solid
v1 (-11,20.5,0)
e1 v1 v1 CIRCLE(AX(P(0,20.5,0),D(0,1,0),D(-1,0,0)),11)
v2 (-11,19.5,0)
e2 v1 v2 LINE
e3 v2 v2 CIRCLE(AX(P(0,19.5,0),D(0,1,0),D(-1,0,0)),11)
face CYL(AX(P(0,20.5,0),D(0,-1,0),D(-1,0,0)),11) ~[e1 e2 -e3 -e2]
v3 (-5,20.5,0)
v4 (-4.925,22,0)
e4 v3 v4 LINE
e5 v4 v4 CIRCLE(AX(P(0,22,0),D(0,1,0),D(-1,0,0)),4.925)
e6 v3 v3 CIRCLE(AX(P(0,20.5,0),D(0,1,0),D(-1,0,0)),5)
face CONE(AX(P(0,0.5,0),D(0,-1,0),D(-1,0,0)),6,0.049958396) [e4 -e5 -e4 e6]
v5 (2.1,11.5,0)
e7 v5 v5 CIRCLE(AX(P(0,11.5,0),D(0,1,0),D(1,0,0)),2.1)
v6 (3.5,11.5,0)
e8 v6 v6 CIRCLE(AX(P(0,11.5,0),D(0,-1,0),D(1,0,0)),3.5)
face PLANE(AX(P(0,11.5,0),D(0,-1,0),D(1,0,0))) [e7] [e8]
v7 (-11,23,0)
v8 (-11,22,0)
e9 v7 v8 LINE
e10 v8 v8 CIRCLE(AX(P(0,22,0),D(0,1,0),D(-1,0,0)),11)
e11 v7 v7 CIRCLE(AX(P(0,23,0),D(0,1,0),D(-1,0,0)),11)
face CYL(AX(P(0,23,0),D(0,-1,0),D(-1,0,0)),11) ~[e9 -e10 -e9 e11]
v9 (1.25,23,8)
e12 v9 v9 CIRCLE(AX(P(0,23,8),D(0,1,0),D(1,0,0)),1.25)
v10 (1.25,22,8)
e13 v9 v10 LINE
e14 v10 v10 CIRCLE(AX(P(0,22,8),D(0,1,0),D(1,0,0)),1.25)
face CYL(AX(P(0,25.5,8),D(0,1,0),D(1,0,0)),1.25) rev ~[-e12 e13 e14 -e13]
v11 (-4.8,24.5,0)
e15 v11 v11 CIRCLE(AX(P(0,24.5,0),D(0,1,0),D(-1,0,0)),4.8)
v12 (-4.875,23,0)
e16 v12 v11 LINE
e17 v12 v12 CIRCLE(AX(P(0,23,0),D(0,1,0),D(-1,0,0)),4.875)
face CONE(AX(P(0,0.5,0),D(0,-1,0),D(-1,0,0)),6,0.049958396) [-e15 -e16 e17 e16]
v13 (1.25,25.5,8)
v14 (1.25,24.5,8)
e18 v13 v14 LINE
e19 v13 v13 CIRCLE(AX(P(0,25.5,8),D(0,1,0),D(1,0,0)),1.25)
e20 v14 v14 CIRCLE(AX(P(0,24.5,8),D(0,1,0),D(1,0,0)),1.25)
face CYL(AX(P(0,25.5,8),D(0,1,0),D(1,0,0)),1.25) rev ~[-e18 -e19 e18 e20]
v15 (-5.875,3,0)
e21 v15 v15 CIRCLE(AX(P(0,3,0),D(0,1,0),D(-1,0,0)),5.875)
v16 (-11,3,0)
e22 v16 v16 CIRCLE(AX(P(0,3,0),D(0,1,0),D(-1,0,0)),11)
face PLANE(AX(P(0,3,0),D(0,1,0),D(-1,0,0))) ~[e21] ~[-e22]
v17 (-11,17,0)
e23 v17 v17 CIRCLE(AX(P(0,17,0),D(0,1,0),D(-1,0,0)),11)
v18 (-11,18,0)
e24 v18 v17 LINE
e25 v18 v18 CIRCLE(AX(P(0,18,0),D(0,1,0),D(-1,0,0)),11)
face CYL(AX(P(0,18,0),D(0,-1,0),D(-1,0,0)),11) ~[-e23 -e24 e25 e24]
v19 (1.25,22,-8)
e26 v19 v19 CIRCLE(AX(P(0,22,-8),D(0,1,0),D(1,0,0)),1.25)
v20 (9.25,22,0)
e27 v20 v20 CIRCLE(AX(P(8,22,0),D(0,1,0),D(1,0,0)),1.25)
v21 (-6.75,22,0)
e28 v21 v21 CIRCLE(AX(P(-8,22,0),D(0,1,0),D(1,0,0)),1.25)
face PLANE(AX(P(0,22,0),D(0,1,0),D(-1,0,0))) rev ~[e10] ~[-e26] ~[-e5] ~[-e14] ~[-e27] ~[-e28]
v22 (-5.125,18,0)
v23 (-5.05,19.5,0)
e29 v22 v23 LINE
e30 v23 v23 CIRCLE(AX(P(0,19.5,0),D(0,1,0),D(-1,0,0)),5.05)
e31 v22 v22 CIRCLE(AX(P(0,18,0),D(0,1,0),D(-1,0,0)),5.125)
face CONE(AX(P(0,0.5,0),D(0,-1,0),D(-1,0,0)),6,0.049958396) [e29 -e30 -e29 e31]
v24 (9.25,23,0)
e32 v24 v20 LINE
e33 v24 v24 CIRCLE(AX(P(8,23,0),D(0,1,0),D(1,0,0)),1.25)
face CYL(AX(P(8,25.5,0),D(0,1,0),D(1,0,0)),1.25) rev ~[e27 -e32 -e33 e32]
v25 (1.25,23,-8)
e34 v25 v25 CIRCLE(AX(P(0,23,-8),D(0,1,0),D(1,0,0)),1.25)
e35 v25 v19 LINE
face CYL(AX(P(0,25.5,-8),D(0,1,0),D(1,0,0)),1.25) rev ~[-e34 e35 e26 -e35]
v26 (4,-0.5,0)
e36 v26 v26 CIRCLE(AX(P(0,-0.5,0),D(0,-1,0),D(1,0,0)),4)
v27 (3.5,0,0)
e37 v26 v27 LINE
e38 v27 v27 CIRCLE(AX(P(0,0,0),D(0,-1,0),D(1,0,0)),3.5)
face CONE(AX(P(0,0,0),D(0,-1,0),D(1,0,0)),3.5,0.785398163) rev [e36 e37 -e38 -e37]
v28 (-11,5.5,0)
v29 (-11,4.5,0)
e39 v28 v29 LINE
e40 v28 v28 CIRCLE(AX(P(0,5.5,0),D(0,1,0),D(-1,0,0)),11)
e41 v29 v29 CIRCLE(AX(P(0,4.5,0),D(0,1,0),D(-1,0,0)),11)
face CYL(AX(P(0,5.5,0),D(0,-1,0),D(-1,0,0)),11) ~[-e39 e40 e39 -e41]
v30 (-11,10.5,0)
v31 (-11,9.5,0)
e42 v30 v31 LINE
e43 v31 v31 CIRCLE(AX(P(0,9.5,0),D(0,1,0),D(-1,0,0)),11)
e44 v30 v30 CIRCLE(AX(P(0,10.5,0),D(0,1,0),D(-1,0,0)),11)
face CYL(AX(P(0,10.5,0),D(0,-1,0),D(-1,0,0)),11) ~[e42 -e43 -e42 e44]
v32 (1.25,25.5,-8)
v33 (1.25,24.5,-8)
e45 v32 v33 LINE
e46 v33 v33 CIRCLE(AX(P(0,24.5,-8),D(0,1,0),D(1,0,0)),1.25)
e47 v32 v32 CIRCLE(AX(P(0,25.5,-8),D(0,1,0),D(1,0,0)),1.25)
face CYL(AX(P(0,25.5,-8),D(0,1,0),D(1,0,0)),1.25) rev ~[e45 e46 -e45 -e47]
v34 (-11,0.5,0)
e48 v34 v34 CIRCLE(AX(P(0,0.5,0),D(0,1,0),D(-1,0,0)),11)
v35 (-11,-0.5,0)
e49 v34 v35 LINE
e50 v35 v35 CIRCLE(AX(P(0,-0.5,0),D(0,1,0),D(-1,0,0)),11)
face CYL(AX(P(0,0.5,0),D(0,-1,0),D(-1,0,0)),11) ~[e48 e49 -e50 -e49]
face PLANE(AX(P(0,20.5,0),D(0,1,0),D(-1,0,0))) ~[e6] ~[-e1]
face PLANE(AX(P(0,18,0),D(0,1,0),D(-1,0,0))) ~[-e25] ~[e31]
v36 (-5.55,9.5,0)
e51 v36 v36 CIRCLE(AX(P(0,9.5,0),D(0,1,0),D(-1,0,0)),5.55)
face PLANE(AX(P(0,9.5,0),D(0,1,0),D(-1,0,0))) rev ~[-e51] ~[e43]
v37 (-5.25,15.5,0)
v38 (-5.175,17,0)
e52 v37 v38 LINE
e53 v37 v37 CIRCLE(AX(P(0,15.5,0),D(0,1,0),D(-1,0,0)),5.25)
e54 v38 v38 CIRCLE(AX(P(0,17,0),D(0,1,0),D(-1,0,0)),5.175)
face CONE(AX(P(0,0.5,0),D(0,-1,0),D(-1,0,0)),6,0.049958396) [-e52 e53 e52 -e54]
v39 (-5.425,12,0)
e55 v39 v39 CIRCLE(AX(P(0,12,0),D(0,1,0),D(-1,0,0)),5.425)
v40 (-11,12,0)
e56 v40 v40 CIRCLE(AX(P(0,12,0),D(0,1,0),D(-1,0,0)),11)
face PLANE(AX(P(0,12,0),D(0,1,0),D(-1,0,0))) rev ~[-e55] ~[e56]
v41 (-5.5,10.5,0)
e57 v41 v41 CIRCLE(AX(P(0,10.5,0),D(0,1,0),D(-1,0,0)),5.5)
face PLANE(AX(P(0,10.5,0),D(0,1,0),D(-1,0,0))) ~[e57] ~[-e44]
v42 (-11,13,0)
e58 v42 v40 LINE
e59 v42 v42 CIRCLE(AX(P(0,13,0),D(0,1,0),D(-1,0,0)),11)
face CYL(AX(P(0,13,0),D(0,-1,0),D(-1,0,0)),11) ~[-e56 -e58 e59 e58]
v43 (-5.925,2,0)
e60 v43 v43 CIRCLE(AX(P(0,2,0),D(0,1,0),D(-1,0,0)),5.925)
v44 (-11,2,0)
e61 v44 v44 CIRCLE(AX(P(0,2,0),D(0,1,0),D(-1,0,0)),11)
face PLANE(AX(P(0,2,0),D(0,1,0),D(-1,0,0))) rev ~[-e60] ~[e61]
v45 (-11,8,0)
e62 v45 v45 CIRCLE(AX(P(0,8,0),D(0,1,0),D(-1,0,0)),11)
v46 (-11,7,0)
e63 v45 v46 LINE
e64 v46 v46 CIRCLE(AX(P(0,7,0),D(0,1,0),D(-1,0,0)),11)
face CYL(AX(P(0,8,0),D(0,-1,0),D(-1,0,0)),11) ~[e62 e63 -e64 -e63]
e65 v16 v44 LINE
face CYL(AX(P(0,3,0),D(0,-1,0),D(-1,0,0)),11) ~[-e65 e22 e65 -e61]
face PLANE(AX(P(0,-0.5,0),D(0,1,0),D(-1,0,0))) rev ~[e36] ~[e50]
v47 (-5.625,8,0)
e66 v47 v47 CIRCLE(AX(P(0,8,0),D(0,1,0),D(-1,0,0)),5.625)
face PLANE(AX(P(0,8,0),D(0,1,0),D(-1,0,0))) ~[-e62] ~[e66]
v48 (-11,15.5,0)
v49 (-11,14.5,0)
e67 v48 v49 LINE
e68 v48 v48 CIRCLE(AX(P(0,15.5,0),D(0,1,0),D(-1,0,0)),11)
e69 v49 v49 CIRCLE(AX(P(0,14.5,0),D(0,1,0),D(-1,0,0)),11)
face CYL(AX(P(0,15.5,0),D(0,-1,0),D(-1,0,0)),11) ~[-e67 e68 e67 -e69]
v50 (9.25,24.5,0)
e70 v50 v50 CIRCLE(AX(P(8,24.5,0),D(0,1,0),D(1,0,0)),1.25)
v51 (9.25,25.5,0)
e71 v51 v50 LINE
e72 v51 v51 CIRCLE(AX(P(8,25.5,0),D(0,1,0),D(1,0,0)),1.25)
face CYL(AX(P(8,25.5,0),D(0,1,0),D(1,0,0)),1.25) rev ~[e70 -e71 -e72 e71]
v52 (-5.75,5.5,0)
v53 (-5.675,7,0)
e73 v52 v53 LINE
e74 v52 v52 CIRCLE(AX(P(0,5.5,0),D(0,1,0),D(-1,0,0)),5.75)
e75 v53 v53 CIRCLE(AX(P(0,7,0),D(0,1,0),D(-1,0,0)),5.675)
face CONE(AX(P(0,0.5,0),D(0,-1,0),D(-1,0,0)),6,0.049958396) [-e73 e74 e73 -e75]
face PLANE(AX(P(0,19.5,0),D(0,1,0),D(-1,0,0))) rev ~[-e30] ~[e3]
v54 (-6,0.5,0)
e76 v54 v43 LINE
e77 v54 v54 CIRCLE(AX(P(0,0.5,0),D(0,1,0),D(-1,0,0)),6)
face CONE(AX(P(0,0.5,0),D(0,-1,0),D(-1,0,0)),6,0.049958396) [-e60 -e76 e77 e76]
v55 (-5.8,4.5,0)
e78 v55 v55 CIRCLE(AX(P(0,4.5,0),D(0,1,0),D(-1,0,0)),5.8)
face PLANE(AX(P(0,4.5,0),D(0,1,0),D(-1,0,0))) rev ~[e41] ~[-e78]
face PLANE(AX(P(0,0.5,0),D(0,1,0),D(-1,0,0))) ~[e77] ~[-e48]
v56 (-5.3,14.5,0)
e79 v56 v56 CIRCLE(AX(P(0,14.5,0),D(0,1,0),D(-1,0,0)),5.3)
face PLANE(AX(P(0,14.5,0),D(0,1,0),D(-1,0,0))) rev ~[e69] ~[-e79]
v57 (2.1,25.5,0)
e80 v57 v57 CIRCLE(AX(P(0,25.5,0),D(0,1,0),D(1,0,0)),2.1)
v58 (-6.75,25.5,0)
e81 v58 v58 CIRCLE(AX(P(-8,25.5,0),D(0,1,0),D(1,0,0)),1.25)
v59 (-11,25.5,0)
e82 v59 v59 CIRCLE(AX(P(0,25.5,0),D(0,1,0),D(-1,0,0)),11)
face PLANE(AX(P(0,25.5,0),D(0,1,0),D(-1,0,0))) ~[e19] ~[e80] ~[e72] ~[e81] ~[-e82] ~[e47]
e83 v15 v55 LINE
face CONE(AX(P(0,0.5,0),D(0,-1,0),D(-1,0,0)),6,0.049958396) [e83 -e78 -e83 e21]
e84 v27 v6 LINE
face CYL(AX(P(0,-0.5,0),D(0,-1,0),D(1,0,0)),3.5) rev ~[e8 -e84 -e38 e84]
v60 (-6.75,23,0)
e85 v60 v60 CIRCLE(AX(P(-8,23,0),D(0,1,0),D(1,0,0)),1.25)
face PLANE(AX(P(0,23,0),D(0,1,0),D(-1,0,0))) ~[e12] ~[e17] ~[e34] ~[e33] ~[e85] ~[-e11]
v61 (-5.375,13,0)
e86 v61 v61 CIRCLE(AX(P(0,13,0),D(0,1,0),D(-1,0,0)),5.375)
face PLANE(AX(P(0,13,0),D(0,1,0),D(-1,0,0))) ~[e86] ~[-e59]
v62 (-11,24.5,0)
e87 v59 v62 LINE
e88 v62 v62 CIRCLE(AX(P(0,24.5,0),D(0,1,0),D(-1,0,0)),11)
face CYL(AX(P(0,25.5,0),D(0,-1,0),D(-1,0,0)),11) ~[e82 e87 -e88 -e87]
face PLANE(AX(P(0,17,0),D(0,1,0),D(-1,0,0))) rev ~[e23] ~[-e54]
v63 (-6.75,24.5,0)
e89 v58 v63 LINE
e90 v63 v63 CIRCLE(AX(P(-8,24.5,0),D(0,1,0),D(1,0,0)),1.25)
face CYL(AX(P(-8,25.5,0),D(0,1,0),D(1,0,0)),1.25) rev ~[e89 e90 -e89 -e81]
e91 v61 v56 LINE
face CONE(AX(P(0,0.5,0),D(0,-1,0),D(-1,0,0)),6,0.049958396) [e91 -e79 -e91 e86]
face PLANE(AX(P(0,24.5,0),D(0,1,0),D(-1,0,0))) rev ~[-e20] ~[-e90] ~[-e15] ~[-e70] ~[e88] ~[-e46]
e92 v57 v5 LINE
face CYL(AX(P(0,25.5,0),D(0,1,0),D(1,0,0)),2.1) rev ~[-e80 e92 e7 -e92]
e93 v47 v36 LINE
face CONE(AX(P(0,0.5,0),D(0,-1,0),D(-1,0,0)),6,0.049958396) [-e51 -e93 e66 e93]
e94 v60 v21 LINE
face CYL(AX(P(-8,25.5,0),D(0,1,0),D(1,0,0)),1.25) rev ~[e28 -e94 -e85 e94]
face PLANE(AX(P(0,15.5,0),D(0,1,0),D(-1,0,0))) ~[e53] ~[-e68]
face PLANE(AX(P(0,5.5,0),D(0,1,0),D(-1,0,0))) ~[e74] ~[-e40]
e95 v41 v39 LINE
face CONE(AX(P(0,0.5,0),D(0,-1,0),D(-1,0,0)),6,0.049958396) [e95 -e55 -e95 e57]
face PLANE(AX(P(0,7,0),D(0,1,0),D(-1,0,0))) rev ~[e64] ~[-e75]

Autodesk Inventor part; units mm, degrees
ref_plane "YZ Plane" through (0, 0, 0) normal (1, 0, 0) x (0, 1, 0)
ref_plane "XZ Plane" through (0, 0, 0) normal (0, 1, 0) x (-1, 0, 0)
ref_plane "XY Plane" through (0, 0, 0) normal (0, 0, 1) x (1, 0, 0)
sketch "Эскиз1" plane through (0, 0, 0) normal (0, 0, 1) x (1, 0, 0)
  line L0 (11, 0.5) -> (-11, 0.5)
  line L1 (-11, 0.5) -> (-11, -0.5)
  line L2 (-11, -0.5) -> (11, -0.5)
  line L3 (11, -0.5) -> (11, 0.5)
  line L4 (11, 0.5) -> (-11, -0.5) construction
  line L5 (-11, 0.5) -> (11, -0.5) construction
  line L6 (-11, 2) -> (11, 2)
  line L7 (11, 2) -> (11, 3)
  line L8 (11, 3) -> (-11, 3)
  line L9 (-11, 3) -> (-11, 2)
  line L10 (-11, 4.5) -> (11, 4.5)
  line L11 (11, 4.5) -> (11, 5.5)
  line L12 (11, 5.5) -> (-11, 5.5)
  line L13 (-11, 5.5) -> (-11, 4.5)
  line L14 (-11, 7) -> (11, 7)
  line L15 (11, 7) -> (11, 8)
  line L16 (11, 8) -> (-11, 8)
  line L17 (-11, 8) -> (-11, 7)
  line L18 (-11, 9.5) -> (11, 9.5)
  line L19 (11, 9.5) -> (11, 10.5)
  line L20 (11, 10.5) -> (-11, 10.5)
  line L21 (-11, 10.5) -> (-11, 9.5)
  line L22 (-11, 12) -> (11, 12)
  line L23 (11, 12) -> (11, 13)
  line L24 (11, 13) -> (-11, 13)
  line L25 (-11, 13) -> (-11, 12)
  line L26 (-11, 14.5) -> (11, 14.5)
  line L27 (11, 14.5) -> (11, 15.5)
  line L28 (11, 15.5) -> (-11, 15.5)
  line L29 (-11, 15.5) -> (-11, 14.5)
  line L30 (-11, 17) -> (11, 17)
  line L31 (11, 17) -> (11, 18)
  line L32 (11, 18) -> (-11, 18)
  line L33 (-11, 18) -> (-11, 17)
  line L34 (-11, 19.5) -> (11, 19.5)
  line L35 (11, 19.5) -> (11, 20.5)
  line L36 (11, 20.5) -> (-11, 20.5)
  line L37 (-11, 20.5) -> (-11, 19.5)
  line L38 (-11, 22) -> (11, 22)
  line L39 (11, 22) -> (11, 23)
  line L40 (11, 23) -> (-11, 23)
  line L41 (-11, 23) -> (-11, 22)
  line L42 (-11, 24.5) -> (11, 24.5)
  line L43 (11, 24.5) -> (11, 25.5)
  line L44 (11, 25.5) -> (-11, 25.5)
  line L45 (-11, 25.5) -> (-11, 24.5)
  line L46 (0, -0.5) -> (0, 25.5)
  circle A0 centre (0, 24.5) radius 4.8 construction
  circle A1 centre (0, 0.5) radius 6 construction
  line L47 (-6, 0.5) -> (-4.8, 24.5)
  line L48 (6, 0.5) -> (4.8, 24.5)
  point P0 (0, 0)
  point P1 (0, 0)
  point P2 (0, 2)
  point P3 (0, 3)
  point P4 (0, 4.5)
  point P5 (0, 7)
  point P6 (0, 5.5)
  point P7 (0, 9.5)
  point P8 (0, 8)
  point P9 (0, 12)
  point P10 (0, 10.5)
  point P11 (0, 14.5)
  point P12 (0, 13)
  point P13 (0, 17)
  point P14 (0, 15.5)
  point P15 (0, 18)
  point P16 (0, 19.5)
  point P17 (0, 22)
  point P18 (0, 20.5)
  point P19 (-4.925, 22)
  point P20 (-4.875, 23)
  point P21 (-5.125, 18)
  point P22 (-5.175, 17)
  point P23 (-5.25, 15.5)
  point P24 (-5.3, 14.5)
  point P25 (-5.375, 13)
  point P26 (-5.425, 12)
  point P27 (-5.5, 10.5)
  point P28 (0, 9.5)
  point P29 (0, 22)
  point P30 (0, 23)
  point P31 (-5.675, 7)
  point P32 (-5.625, 8)
  point P33 (-5.8, 4.5)
  point P34 (-5.75, 5.5)
  point P35 (-5.875, 3)
  point P36 (-5.925, 2)
  point P37 (0, 4.5)
  point P38 (0, 5.5)
  point P39 (0, 7)
  point P40 (-5.55, 9.5)
  point P41 (0, 8)
  point P42 (-5.05, 19.5)
  point P43 (-5, 20.5)
  dimension "d0" = 22
  dimension "d1" = 1
  dimension "d2" = 1.5
  dimension "d3" = 1.5
  dimension "d4" = 1.5
  dimension "d5" = 1.5
  dimension "d6" = 1.5
  dimension "d7" = 1.5
  dimension "d8" = 1.5
  dimension "d9" = 1.5
  dimension "d10" = 1.5
  dimension "d11" = 1
  dimension "d12" = 1
  dimension "d13" = 1
  dimension "d14" = 1
  dimension "d15" = 1
  dimension "d16" = 1
  dimension "d17" = 1
  dimension "d18" = 1
  dimension "d19" = 1
  dimension "d20" = 1
  dimension "d21" = 1.5
  dimension "d22" = 9.6
  dimension "d23" = 12
revolve "Вращение1" add sketch "Эскиз1" angle 360 about axis through (0, -0.5, 0) along (0, 1, 0) contours L46 L2 L1 L0 | L0 L47 L6 L46 | L6 L47 L8 L46 | L6 L9 L8 L47 | L8 L47 L10 L46 | L10 L47 L12 L46 | L10 L13 L12 L47 | L12 L47 L14 L46 | L14 L47 L16 L46 | L14 L17 L16 L47 | L16 L47 L18 L46 | L18 L47 L20 L46 | L18 L21 L20 L47 | L20 L47 L22 L46 | L22 L47 L24 L46 | L22 L25 L24 L47 | L24 L47 L26 L46 | L26 L47 L28 L46 | L26 L29 L28 L47 | L28 L47 L30 L46 | L30 L47 L32 L46 | L30 L33 L32 L47 | L32 L47 L34 L46 | L34 L47 L36 L46 | L34 L37 L36 L47 | L36 L47 L38 L46 | L38 L47 L40 L46 | L38 L41 L40 L47 | L40 L47 L42 L46 | L42 L45 L44 L46
sketch "Эскиз2" plane through (0, -0.5, 0) normal (0, -1, 0) x (1, 0, 0)
  circle A0 centre (0, 0) radius 3.5
  dimension "d25" = 7
extrude "Выдавливание1" cut sketch "Эскиз2" against normal blind 12
sketch "Эскиз3" plane through (0, 25.5, 0) normal (0, 1, 0) x (1, 0, 0)
  circle A0 centre (0, 0) radius 2.1
  dimension "d28" = 4.2
extrude "Выдавливание2" cut sketch "Эскиз3" against normal through all
sketch "Эскиз4" plane through (0, 25.5, 0) normal (0, 1, 0) x (1, 0, 0)
  circle A0 centre (0, 0) radius 8 construction
  circle A1 centre (0, 8) radius 1.25
  circle A2 centre (-8, 0) radius 1.25
  circle A3 centre (0, -8) radius 1.25
  circle A4 centre (8, 0) radius 1.25
  dimension "d31" = 16
  dimension "d32" = 2.5
  dimension "d35" = 360
extrude "Выдавливание3" cut sketch "Эскиз4" against normal up to surface (3.5 mm away)
chamfer "Фаска1" distance 0.5 angle 45 1 edges at (-3.5, -0.5, 0)
properties part number "Radiator"
